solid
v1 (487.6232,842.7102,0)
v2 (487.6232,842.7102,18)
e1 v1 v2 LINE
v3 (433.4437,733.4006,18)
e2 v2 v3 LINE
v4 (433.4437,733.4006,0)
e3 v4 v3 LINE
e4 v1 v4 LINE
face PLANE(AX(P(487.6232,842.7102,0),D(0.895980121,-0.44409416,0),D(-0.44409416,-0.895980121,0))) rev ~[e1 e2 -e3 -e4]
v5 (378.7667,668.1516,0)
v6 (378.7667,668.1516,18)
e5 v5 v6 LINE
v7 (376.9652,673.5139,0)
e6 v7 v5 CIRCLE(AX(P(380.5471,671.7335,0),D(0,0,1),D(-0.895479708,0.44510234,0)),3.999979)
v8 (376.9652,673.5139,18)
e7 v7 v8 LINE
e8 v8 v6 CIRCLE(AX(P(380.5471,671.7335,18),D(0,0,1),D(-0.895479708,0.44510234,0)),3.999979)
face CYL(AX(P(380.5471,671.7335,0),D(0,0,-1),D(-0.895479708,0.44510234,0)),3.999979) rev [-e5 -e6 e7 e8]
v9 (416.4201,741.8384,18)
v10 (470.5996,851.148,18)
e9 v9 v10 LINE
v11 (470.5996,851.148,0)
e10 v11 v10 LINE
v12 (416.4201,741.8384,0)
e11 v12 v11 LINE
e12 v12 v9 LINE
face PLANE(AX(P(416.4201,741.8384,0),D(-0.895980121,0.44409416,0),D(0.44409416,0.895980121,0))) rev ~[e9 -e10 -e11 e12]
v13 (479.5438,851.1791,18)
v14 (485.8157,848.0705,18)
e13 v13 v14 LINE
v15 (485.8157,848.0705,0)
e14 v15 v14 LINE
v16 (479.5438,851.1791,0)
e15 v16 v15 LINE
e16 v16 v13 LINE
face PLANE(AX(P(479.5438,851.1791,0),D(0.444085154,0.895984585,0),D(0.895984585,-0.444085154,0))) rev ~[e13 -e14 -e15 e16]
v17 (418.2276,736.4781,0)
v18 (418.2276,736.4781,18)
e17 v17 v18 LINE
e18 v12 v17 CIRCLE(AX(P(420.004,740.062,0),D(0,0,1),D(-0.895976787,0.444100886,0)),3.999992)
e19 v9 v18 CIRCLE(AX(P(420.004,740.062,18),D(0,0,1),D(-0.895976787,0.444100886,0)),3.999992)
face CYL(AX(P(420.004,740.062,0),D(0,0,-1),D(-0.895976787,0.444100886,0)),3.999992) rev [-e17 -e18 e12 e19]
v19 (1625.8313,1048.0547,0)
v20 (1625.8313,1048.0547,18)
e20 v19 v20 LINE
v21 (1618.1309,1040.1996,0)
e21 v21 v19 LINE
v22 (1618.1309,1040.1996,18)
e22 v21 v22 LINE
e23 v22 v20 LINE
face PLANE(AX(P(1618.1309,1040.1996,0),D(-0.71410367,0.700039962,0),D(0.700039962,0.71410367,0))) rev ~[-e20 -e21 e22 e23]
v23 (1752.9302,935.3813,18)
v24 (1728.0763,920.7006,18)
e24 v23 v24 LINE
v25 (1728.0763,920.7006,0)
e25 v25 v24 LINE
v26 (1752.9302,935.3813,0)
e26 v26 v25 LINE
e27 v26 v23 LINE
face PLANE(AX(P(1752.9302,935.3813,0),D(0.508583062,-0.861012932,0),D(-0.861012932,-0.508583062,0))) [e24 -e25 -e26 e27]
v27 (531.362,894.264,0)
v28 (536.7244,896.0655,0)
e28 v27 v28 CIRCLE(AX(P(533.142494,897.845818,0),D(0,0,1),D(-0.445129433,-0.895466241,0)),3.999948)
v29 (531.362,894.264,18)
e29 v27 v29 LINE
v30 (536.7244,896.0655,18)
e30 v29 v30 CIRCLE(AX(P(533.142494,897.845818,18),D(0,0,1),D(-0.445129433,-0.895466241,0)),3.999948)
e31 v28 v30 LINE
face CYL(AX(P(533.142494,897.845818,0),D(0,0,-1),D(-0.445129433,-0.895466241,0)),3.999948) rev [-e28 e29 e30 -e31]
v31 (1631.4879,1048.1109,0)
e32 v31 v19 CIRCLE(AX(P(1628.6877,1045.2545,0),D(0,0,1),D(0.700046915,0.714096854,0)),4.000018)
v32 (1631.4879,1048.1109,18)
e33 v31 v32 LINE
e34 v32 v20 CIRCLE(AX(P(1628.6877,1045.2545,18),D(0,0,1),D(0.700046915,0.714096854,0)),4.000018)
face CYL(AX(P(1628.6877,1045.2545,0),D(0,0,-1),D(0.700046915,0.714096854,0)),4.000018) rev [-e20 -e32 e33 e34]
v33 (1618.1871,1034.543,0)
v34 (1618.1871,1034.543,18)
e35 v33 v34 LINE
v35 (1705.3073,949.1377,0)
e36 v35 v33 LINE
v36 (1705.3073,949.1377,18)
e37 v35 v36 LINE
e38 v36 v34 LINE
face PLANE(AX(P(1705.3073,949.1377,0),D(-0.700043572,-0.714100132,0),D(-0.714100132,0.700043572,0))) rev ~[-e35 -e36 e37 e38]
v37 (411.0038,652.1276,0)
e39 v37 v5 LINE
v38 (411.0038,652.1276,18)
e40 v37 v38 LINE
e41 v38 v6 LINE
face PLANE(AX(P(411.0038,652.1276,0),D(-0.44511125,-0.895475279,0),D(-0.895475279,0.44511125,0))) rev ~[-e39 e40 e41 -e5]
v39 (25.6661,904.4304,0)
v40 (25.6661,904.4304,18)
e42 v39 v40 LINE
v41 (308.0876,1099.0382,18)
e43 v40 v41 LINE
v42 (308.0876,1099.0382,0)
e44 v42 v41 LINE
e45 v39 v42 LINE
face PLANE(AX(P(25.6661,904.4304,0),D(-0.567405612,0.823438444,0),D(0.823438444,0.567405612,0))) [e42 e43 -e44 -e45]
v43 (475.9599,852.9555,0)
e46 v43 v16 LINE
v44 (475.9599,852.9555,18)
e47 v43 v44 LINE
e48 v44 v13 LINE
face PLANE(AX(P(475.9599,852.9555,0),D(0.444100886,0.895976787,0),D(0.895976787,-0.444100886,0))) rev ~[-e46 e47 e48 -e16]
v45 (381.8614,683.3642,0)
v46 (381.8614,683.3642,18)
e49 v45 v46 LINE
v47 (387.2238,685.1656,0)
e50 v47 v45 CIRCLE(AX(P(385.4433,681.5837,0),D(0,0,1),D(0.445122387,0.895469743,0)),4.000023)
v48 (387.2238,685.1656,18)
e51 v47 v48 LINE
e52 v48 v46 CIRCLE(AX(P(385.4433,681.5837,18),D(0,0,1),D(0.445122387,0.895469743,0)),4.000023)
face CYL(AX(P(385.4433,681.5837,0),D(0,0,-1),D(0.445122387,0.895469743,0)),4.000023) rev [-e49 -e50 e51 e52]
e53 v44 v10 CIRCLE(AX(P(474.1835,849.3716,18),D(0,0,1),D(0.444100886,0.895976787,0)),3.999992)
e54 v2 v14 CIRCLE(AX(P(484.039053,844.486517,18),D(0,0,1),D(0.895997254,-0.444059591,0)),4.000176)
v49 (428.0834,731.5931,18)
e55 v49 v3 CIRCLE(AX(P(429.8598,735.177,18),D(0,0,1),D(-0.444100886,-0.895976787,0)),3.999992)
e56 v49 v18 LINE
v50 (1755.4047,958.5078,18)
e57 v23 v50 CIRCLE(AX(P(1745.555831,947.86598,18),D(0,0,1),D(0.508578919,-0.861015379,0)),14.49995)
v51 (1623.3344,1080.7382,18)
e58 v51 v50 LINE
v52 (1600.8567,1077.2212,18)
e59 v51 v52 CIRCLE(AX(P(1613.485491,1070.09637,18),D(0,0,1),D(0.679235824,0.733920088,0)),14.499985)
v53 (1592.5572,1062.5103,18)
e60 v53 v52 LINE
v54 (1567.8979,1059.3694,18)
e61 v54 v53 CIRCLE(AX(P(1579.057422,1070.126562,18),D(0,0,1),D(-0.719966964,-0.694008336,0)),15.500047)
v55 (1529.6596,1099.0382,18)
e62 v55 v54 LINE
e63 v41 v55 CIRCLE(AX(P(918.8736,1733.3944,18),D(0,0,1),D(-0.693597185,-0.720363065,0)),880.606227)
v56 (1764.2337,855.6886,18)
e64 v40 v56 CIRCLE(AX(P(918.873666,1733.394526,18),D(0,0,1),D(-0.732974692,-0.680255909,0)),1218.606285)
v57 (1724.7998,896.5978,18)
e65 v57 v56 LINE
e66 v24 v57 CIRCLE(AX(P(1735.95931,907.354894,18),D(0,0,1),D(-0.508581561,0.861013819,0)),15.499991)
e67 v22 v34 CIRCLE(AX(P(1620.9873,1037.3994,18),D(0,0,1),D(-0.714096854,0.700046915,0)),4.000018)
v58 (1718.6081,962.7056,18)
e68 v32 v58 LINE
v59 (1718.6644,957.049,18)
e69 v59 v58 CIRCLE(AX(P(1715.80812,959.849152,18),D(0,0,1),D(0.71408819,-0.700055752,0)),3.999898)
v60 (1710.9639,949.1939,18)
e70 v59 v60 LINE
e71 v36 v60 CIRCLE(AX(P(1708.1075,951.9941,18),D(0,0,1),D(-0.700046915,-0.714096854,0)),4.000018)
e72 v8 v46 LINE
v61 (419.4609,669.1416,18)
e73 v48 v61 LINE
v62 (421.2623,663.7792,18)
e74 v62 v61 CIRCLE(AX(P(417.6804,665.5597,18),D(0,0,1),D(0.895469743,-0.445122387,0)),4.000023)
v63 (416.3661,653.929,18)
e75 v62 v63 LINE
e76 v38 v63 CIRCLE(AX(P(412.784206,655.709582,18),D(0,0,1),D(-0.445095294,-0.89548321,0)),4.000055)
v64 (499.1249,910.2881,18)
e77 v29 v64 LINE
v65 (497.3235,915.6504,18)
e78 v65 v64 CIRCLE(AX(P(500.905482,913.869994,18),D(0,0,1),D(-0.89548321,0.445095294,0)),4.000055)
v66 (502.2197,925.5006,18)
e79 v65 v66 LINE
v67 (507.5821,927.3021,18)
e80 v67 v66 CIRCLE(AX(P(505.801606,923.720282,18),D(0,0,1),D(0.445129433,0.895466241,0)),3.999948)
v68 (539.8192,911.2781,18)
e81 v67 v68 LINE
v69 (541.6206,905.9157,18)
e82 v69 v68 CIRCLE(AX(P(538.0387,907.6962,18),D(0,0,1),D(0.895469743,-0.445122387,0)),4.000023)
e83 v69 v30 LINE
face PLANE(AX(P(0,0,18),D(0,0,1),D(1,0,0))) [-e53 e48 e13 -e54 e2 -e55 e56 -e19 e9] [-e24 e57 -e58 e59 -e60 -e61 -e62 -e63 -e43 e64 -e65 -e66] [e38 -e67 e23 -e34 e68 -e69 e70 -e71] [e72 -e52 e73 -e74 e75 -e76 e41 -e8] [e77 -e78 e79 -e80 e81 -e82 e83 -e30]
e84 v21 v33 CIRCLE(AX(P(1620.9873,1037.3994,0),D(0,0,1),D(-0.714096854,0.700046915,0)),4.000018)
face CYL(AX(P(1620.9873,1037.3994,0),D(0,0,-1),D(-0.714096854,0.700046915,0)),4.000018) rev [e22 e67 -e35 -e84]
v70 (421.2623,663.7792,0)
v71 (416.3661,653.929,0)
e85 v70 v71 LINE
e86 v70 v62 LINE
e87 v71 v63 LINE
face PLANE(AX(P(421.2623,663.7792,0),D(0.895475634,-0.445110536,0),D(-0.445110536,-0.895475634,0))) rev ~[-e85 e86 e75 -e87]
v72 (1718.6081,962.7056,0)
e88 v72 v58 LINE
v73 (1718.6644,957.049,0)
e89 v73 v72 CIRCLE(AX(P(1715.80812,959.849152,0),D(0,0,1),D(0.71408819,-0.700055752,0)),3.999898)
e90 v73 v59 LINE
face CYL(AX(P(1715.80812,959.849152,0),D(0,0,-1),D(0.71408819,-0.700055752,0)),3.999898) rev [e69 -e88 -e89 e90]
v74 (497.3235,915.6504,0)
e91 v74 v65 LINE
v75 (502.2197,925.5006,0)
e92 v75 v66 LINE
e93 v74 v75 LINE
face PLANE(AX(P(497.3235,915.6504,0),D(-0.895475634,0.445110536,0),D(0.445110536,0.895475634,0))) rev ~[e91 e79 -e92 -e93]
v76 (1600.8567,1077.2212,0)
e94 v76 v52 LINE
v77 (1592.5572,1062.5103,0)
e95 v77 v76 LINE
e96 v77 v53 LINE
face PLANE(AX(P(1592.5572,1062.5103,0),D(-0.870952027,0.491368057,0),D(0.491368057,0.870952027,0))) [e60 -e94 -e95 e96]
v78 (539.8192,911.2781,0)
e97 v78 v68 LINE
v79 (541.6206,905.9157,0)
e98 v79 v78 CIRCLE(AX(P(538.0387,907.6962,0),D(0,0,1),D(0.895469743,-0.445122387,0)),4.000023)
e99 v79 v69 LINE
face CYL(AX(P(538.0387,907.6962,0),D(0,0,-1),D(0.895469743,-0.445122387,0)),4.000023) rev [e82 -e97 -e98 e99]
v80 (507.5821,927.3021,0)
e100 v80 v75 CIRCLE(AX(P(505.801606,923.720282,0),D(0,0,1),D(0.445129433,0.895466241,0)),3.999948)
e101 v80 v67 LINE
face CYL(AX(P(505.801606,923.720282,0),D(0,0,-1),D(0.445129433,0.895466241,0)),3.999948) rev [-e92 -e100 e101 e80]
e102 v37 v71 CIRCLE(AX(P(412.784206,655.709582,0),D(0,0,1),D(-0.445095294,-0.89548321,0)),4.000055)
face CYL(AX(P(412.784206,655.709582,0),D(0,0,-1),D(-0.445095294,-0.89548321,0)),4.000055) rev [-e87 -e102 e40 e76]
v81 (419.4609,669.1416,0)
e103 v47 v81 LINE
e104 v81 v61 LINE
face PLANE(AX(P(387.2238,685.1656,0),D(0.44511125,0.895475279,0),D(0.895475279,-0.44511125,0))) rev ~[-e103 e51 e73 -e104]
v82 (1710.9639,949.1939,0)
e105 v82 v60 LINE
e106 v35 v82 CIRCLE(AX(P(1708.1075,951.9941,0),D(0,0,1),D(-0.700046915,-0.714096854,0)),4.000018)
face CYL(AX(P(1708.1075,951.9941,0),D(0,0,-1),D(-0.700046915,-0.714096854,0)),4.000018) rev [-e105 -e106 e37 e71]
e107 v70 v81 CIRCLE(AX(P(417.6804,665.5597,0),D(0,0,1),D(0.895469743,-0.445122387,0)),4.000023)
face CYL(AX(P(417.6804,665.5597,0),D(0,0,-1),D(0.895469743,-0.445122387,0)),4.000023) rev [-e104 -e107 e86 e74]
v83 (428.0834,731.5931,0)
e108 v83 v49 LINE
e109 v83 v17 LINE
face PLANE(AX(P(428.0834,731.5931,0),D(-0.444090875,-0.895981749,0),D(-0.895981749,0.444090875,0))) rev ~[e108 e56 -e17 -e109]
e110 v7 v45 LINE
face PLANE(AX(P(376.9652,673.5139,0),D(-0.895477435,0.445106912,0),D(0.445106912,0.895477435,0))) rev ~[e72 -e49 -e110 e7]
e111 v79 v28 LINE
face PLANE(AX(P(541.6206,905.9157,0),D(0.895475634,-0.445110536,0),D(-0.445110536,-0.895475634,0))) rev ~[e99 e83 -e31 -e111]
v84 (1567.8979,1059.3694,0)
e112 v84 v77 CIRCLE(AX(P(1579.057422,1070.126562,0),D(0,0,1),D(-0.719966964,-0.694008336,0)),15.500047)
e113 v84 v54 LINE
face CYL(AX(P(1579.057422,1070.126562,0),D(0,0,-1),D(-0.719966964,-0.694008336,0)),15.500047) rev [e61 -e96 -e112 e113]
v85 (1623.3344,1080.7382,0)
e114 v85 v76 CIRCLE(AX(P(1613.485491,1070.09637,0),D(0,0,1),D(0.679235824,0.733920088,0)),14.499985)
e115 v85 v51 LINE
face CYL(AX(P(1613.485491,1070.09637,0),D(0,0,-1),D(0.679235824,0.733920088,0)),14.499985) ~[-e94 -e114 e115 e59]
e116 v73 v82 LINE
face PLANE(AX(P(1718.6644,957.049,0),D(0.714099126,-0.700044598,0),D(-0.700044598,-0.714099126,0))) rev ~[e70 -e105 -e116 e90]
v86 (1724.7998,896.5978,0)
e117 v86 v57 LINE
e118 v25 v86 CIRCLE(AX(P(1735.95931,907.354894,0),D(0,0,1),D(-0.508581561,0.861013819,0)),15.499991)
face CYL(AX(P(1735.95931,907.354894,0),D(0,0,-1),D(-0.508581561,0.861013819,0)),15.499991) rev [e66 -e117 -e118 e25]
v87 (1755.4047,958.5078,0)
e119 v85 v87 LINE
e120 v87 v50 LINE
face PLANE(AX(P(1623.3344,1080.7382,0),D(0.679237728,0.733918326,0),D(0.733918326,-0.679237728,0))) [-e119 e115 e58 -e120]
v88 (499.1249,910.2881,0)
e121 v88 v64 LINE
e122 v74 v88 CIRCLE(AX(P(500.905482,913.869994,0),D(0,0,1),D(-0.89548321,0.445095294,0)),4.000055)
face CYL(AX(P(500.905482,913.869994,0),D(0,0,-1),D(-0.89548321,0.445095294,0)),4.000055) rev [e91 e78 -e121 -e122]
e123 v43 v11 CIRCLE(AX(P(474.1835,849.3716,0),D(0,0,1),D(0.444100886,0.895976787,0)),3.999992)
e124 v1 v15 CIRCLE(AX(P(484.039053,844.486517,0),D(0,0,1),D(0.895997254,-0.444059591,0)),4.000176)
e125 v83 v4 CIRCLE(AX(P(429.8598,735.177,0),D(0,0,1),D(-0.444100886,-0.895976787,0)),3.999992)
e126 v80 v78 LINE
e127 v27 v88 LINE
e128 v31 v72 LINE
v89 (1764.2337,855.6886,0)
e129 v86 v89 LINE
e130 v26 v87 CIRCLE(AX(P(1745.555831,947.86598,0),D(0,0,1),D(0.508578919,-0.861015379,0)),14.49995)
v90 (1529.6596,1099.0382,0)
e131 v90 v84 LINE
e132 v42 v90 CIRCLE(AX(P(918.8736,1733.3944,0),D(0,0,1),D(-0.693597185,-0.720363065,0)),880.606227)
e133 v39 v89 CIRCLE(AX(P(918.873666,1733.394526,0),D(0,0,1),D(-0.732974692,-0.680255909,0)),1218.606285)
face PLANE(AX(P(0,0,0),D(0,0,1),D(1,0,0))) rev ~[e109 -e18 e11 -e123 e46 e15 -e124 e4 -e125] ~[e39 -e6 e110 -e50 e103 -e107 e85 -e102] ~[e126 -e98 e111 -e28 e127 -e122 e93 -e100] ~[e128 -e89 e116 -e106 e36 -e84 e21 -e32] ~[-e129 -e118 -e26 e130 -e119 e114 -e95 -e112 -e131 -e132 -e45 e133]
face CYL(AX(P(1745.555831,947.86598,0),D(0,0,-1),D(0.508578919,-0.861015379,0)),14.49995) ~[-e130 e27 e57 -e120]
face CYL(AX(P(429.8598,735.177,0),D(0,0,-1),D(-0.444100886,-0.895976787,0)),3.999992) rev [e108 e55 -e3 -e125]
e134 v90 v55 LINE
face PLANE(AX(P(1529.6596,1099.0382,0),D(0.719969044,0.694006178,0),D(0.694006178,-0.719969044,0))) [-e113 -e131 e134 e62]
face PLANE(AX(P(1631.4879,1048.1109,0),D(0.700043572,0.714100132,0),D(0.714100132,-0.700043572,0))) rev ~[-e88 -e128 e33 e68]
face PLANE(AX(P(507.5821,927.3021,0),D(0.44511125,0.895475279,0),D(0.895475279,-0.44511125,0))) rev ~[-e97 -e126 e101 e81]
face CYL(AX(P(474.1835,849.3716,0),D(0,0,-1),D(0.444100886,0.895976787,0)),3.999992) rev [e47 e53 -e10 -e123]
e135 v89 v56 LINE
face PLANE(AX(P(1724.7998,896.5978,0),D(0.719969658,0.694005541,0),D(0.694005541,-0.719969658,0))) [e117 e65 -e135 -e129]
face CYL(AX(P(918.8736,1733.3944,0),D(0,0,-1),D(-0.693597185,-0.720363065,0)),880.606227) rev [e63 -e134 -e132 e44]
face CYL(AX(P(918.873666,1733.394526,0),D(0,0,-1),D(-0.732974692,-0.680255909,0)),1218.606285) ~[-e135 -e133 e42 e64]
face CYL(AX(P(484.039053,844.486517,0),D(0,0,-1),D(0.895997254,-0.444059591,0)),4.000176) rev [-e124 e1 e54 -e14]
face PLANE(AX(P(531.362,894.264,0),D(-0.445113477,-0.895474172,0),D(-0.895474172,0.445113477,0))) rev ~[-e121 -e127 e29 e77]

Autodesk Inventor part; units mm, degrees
ref_plane "YZ Plane" through (0, 0, 0) normal (1, 0, 0) x (0, 1, 0)
ref_plane "XZ Plane" through (0, 0, 0) normal (0, 1, 0) x (-1, 0, 0)
ref_plane "XY Plane" through (0, 0, 0) normal (0, 0, 1) x (1, 0, 0)
sketch "CONTOURS" plane through (0, 0, 0) normal (0, 0, 1) x (1, 0, 0)
  arc A0 (1567.8979, 1059.3694) -> (1592.5572, 1062.5103) centre (1579.0574, 1070.1265) ccw
  line L0 (1592.5572, 1062.5103) -> (1600.8567, 1077.2212)
  arc A1 (1623.3344, 1080.7382) -> (1600.8567, 1077.2212) centre (1613.4855, 1070.0964) ccw
  line L1 (1623.3344, 1080.7382) -> (1755.4047, 958.5078)
  arc A2 (1752.9302, 935.3813) -> (1755.4047, 958.5078) centre (1745.5558, 947.866) ccw
  line L2 (1752.9302, 935.3813) -> (1728.0763, 920.7006)
  arc A3 (1728.0763, 920.7006) -> (1724.7998, 896.5978) centre (1735.9593, 907.3549) ccw
  line L3 (1724.7998, 896.5978) -> (1764.2337, 855.6886)
  arc A4 (25.6661, 904.4304) -> (1764.2337, 855.6886) centre (918.8737, 1733.3946) ccw
  line L4 (25.6661, 904.4304) -> (308.0876, 1099.0382)
  arc A5 (308.0876, 1099.0382) -> (1529.6596, 1099.0382) centre (918.8736, 1733.3944) ccw
  line L5 (1529.6596, 1099.0382) -> (1567.8979, 1059.3694)
  dimension "d1" = 1218.6064
  dimension "d3" = 880.6062
sketch "HOLES" plane through (0, 0, 0) normal (0, 0, 1) x (1, 0, 0)
  line L0 (376.9652, 673.5139) -> (381.8614, 683.3642)
  arc A0 (387.2238, 685.1656) -> (381.8614, 683.3642) centre (385.4433, 681.5837) ccw
  line L1 (387.2238, 685.1656) -> (419.4609, 669.1416)
  arc A1 (421.2623, 663.7792) -> (419.4609, 669.1416) centre (417.6804, 665.5597) ccw
  arc A2 (1631.4879, 1048.1109) -> (1625.8313, 1048.0547) centre (1628.6877, 1045.2545) ccw
  line L2 (1718.6644, 957.049) -> (1710.9639, 949.1939)
  arc A3 (1705.3073, 949.1377) -> (1710.9639, 949.1939) centre (1708.1075, 951.9941) ccw
  line L3 (1705.3073, 949.1377) -> (1618.1871, 1034.543)
  arc A4 (1618.1309, 1040.1996) -> (1618.1871, 1034.543) centre (1620.9873, 1037.3994) ccw
  line L4 (1618.1309, 1040.1996) -> (1625.8313, 1048.0547)
  line L5 (1631.4879, 1048.1109) -> (1718.6081, 962.7056)
  arc A5 (1718.6644, 957.049) -> (1718.6081, 962.7056) centre (1715.808, 959.8492) ccw
  line L6 (497.3235, 915.6504) -> (502.2197, 925.5006)
  arc A6 (507.5821, 927.3021) -> (502.2197, 925.5006) centre (505.8016, 923.7202) ccw
  line L7 (507.5821, 927.3021) -> (539.8192, 911.2781)
  arc A7 (541.6206, 905.9157) -> (539.8192, 911.2781) centre (538.0387, 907.6962) ccw
  line L8 (416.4201, 741.8384) -> (470.5996, 851.148)
  arc A8 (531.362, 894.264) -> (536.7244, 896.0655) centre (533.1425, 897.8459) ccw
  line L9 (531.362, 894.264) -> (499.1249, 910.2881)
  arc A9 (497.3235, 915.6504) -> (499.1249, 910.2881) centre (500.9054, 913.87) ccw
  line L10 (479.5438, 851.1791) -> (485.8157, 848.0705)
  arc A10 (487.6232, 842.7102) -> (485.8157, 848.0705) centre (484.0393, 844.4865) ccw
  line L11 (487.6232, 842.7102) -> (433.4437, 733.4006)
  arc A11 (428.0834, 731.5931) -> (433.4437, 733.4006) centre (429.8598, 735.177) ccw
  line L12 (428.0834, 731.5931) -> (418.2276, 736.4781)
  arc A12 (416.4201, 741.8384) -> (418.2276, 736.4781) centre (420.004, 740.062) ccw
  line L13 (541.6206, 905.9157) -> (536.7244, 896.0655)
  arc A13 (475.9599, 852.9555) -> (470.5996, 851.148) centre (474.1835, 849.3716) ccw
  line L14 (475.9599, 852.9555) -> (479.5438, 851.1791)
  line L15 (421.2623, 663.7792) -> (416.3661, 653.929)
  arc A14 (411.0038, 652.1276) -> (416.3661, 653.929) centre (412.7842, 655.7095) ccw
  line L16 (411.0038, 652.1276) -> (378.7667, 668.1516)
  arc A15 (376.9652, 673.5139) -> (378.7667, 668.1516) centre (380.5471, 671.7335) ccw
  dimension "d5" = 0.065
  dimension "d7" = 0.065
sketch "LETTERS" plane through (0, 0, 0) normal (0, 0, 1) x (1, 0, 0)
  line L0 (544.6299, 751.705) -> (554.564, 747.8187)
  line L1 (561.8694, 755.3769) -> (548.1913, 760.7277)
  line L2 (548.1913, 760.7277) -> (540.975, 742.2812)
  line L3 (540.975, 742.2812) -> (554.6531, 736.9303)
extrude "Extrusion3" add sketch "CONTOURS" along normal blind 18
extrude "Extrusion4" cut sketch "HOLES" along normal blind 18
properties part number "Platform E1" material "Wood (Birch)"
